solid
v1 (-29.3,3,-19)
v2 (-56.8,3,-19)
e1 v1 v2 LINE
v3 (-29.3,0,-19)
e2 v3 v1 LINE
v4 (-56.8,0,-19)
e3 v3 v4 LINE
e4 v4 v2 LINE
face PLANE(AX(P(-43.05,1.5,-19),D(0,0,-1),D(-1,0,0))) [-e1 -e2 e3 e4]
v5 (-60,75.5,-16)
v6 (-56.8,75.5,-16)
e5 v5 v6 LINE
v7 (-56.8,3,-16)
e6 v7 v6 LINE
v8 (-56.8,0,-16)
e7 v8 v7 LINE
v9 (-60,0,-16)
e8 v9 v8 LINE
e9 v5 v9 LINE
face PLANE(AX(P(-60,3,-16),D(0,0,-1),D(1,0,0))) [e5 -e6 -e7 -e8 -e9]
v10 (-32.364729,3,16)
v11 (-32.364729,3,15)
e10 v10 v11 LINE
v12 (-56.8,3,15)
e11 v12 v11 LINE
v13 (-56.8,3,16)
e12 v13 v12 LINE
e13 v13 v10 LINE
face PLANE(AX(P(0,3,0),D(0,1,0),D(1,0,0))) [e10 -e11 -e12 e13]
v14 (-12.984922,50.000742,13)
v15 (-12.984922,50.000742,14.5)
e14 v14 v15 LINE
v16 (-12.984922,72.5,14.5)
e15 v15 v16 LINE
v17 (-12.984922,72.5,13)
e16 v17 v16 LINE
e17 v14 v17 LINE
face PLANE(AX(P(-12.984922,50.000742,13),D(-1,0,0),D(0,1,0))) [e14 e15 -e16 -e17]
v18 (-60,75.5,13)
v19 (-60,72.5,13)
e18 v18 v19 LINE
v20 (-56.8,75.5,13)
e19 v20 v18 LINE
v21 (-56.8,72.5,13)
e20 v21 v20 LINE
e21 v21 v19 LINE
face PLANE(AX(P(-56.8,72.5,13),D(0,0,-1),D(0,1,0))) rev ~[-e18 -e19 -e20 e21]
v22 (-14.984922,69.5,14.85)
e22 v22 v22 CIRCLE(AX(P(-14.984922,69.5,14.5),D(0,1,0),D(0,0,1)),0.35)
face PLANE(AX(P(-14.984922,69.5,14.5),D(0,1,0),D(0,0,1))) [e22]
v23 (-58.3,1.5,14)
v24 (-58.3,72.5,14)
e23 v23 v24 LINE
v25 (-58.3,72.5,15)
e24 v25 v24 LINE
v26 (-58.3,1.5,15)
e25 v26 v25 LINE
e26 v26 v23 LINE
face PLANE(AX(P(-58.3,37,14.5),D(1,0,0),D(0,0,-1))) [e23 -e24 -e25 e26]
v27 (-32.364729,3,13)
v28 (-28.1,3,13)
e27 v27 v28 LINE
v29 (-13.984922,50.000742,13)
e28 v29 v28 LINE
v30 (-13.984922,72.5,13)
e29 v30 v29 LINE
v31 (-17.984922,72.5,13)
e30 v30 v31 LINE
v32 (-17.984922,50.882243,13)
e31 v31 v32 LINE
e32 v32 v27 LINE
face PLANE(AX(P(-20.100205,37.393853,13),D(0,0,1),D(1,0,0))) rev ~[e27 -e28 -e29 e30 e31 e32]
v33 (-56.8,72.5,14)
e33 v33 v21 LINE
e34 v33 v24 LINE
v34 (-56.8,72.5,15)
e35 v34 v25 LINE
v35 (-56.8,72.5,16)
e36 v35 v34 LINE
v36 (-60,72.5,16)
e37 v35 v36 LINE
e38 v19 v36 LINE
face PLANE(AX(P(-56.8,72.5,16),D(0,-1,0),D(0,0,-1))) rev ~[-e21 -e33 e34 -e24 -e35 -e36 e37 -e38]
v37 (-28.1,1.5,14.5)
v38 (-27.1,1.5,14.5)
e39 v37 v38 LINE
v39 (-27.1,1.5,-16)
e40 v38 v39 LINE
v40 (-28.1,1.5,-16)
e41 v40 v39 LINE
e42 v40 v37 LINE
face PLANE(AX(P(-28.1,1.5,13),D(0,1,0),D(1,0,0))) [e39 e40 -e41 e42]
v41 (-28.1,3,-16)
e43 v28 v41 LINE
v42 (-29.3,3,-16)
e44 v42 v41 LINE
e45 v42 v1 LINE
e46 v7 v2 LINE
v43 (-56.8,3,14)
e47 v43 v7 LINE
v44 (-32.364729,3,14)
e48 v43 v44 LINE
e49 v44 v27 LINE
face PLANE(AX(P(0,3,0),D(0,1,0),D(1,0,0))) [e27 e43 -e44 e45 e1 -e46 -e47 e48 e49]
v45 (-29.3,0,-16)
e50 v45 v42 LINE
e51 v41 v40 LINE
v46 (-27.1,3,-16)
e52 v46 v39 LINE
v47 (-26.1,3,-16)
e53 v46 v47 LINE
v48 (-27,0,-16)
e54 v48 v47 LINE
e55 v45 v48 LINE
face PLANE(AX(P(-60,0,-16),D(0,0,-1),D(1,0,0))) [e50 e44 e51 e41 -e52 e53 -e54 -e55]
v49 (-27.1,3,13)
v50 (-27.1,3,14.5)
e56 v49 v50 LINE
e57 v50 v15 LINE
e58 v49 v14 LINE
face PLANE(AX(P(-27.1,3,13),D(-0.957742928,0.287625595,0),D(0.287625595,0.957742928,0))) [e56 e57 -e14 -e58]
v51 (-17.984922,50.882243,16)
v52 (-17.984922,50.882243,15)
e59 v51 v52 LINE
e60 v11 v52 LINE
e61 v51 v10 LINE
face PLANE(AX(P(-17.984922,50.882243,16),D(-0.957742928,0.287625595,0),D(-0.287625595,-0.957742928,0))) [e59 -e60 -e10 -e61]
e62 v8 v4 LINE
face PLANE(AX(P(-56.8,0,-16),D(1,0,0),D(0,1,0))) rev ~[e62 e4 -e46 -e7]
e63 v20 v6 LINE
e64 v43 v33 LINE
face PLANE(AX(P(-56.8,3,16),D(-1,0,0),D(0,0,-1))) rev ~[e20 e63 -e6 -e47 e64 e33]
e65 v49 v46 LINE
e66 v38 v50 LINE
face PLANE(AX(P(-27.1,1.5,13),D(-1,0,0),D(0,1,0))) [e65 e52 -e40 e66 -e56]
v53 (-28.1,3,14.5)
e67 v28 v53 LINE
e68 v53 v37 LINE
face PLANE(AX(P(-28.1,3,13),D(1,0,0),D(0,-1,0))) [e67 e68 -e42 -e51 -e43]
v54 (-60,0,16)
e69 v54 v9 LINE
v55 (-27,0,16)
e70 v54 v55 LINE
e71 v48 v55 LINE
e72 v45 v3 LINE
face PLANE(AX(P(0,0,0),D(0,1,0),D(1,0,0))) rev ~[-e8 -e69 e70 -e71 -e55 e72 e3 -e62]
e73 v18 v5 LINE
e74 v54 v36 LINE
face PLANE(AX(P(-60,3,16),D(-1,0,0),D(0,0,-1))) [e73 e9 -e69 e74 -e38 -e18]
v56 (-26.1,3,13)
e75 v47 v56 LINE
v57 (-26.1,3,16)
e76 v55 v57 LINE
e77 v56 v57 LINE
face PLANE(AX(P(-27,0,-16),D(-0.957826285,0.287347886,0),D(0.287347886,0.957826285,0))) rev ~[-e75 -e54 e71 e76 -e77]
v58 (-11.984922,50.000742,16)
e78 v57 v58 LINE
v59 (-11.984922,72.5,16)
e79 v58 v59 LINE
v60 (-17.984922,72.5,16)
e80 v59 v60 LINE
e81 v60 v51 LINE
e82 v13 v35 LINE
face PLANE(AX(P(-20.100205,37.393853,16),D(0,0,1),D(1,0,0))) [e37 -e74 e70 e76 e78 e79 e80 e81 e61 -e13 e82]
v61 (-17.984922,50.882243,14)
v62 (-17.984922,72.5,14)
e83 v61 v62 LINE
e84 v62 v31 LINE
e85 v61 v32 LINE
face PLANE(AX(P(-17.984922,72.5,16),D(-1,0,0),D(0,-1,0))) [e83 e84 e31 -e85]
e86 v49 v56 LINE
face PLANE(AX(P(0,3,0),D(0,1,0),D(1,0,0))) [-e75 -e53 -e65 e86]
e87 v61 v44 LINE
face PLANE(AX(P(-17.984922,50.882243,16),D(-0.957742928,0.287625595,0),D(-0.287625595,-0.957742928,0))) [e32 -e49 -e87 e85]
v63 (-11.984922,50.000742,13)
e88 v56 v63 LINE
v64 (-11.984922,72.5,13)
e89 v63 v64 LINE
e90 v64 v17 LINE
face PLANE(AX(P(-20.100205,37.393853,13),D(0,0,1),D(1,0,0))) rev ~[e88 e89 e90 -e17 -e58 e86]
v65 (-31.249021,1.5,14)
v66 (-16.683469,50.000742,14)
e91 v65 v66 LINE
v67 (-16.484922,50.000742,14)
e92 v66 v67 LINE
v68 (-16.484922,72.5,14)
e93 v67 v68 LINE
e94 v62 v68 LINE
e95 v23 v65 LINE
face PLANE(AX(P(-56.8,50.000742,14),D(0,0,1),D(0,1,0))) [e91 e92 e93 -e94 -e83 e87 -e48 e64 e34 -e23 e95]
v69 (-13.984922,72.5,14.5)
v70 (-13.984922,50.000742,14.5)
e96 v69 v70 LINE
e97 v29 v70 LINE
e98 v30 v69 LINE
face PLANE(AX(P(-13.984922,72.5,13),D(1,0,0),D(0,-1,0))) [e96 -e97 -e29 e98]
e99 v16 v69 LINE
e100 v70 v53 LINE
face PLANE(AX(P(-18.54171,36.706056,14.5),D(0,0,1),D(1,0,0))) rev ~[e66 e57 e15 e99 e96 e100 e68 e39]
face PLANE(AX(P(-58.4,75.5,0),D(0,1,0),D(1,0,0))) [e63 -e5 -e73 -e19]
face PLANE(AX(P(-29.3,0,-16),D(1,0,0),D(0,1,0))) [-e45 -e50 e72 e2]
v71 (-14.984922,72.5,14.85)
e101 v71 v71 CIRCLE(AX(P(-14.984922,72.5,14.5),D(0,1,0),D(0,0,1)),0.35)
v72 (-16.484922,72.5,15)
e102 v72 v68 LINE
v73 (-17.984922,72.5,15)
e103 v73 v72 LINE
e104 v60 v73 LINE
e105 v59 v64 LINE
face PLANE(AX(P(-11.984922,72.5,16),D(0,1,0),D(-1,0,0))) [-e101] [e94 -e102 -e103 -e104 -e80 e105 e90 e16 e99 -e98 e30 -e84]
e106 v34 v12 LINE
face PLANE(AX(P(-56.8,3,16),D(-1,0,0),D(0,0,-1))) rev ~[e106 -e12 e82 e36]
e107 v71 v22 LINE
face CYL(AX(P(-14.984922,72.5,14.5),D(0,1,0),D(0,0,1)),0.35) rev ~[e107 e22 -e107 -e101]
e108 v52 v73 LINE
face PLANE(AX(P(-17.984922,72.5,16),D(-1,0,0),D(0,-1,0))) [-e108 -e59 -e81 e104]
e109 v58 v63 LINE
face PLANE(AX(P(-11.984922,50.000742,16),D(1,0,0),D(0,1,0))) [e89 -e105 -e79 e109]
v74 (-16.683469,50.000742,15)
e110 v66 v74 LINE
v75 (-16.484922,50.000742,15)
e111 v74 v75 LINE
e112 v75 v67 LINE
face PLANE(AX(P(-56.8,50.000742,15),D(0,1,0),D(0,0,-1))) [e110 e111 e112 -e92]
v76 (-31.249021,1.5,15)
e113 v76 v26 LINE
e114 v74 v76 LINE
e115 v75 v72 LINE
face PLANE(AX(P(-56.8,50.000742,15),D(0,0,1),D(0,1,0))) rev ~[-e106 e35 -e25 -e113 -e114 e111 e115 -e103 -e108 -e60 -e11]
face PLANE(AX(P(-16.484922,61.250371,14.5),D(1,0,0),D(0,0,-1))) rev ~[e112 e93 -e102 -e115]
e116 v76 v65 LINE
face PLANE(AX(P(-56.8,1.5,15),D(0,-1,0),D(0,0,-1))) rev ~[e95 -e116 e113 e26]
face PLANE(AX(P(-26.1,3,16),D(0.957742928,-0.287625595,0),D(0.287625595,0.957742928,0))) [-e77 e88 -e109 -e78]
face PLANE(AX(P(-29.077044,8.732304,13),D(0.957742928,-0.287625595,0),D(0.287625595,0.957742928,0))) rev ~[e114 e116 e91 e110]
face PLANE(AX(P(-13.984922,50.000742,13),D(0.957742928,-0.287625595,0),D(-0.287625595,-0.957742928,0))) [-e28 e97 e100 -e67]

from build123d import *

# Parameters (mm, degrees)
SKETCH_1_W          = 120
SKETCH_1_H          = 32
EXTRUDE_1_DEPTH     = 3
CUT_EXTRUDE_1_DEPTH = 69.066144301
SKETCH_2_3_W        = 27.5
SKETCH_2_3_H        = 3
EXTRUDE_2_DEPTH     = 3
SKETCH_3_W          = 3.2
SKETCH_3_H          = 32
EXTRUDE_3_DEPTH     = 72.5
EXTRUDE_4_DEPTH     = 3
SKETCH_5_W          = 3
SKETCH_5_H          = 3
CUT_EXTRUDE_2_DEPTH = 90.831181838
SKETCH_6_W          = 24.435270894
SKETCH_6_H          = 1
SKETCH_6_W_2        = 1
SKETCH_6_H_2        = 29
CUT_EXTRUDE_3_DEPTH = 1.5
SKETCH_7_W          = 1
SKETCH_7_H          = 71
CUT_EXTRUDE_4_DEPTH = 1.5
CUT_EXTRUDE_6_REACH = 91.831
SKETCH_7_5_W        = 1
SKETCH_7_5_H        = 22.499258378
CUT_EXTRUDE_7_DEPTH = 40.31507816
CUT_EXTRUDE_8_DEPTH = 1.5
SKETCH_10_R         = 0.35
CUT_EXTRUDE_9_DEPTH = 3


with BuildPart() as part:
    # 草图1 → 凸台-拉伸1 (new body)
    with BuildSketch(Plane(origin=(0, 0, 0), x_dir=(1, 0, 0), z_dir=(0, 1, 0))):
        Rectangle(SKETCH_1_W, SKETCH_1_H)
    extrude(amount=EXTRUDE_1_DEPTH)

    # 草图2 → 切除-拉伸1 (cut, through all)
    with BuildSketch(Plane(origin=(0, 0, -16), x_dir=(-1, 0, 0), z_dir=(0, 0, -1))):
        Polygon((-60, 0), (27, 0), (26.1, 3), (-60, 3), align=None)
    extrude(amount=-CUT_EXTRUDE_1_DEPTH, mode=Mode.SUBTRACT)

    # 草图2<3> → 凸台-拉伸2 (add)
    with BuildSketch(Plane(origin=(0, 0, -16), x_dir=(-1, 0, 0), z_dir=(0, 0, -1))):
        with Locations((43.05, 1.5)):
            Rectangle(SKETCH_2_3_W, SKETCH_2_3_H)
    extrude(amount=EXTRUDE_2_DEPTH)

    # 草图3 → 凸台-拉伸3 (add)
    with BuildSketch(Plane(origin=(0, 3, 0), x_dir=(1, 0, 0), z_dir=(0, 1, 0))):
        with Locations((-58.4, 0)):
            Rectangle(SKETCH_3_W, SKETCH_3_H)
    extrude(amount=EXTRUDE_3_DEPTH)

    # 草图4 → 凸台-拉伸4 (add)
    with BuildSketch(Plane.XY.offset(16)):
        Polygon((-11.98492184, 50.000741622), (-11.98492184, 72.5), (-17.98492184, 72.5), (-17.98492184, 50.882243247), (-32.364729106, 3), (-26.1, 3), align=None)
    extrude(amount=-EXTRUDE_4_DEPTH)

    # 草图5 → 切除-拉伸2 (cut, through all)
    with BuildSketch(Plane(origin=(-56.8, 0, 0), x_dir=(0, 0, -1), z_dir=(1, 0, 0))):
        with Locations((-14.5, 74)):
            Rectangle(SKETCH_5_W, SKETCH_5_H)
    extrude(amount=-CUT_EXTRUDE_2_DEPTH, mode=Mode.SUBTRACT)

    # 草图6 → 切除-拉伸3 (cut)
    with BuildSketch(Plane(origin=(0, 3, 0), x_dir=(1, 0, 0), z_dir=(0, 1, 0))):
        with Locations((-44.582364553, -14.5)):
            Rectangle(SKETCH_6_W, SKETCH_6_H)
        with Locations((-27.6, 1.5)):
            Rectangle(SKETCH_6_W_2, SKETCH_6_H_2)
    extrude(amount=-CUT_EXTRUDE_3_DEPTH, mode=Mode.SUBTRACT)

    # 草图7 → 切除-拉伸4 (cut)
    with BuildSketch(Plane(origin=(-56.8, 0, 0), x_dir=(0, 0, -1), z_dir=(1, 0, 0))):
        with Locations((-14.5, 37)):
            Rectangle(SKETCH_7_W, SKETCH_7_H)
    extrude(amount=-CUT_EXTRUDE_4_DEPTH, mode=Mode.SUBTRACT)

    # 切除-拉伸6: up to this plane
    cut_extrude_6_end = Plane(origin=(-29.077043909, 8.732303646, 13), z_dir=(0.9577429283961915, -0.2876255953615531, 0))
    # 草图7<4> → 切除-拉伸6 (cut, up to the surface)
    with BuildSketch(Plane(origin=(-56.8, 0, 0), x_dir=(0, 0, -1), z_dir=(1, 0, 0)), mode=Mode.PRIVATE) as cut_extrude_6_sk1:
        Polygon((-15, 3), (-15, 1.5), (-14, 1.5), (-14, 3), (-14, 50.000741622), (-15, 50.000741622), align=None)
    cut_extrude_6_tool1 = split(extrude(cut_extrude_6_sk1.sketch, amount=CUT_EXTRUDE_6_REACH, mode=Mode.PRIVATE), bisect_by=cut_extrude_6_end, keep=Keep.BOTH, mode=Mode.PRIVATE)
    add(cut_extrude_6_tool1.solids().sort_by_distance((-56.8, 25.750371, 14.5))[0], mode=Mode.SUBTRACT)

    # 草图7<5> → 切除-拉伸7 (cut)
    with BuildSketch(Plane(origin=(-56.8, 0, 0), x_dir=(0, 0, -1), z_dir=(1, 0, 0))):
        with Locations((-14.5, 61.250370811)):
            Rectangle(SKETCH_7_5_W, SKETCH_7_5_H)
    extrude(amount=CUT_EXTRUDE_7_DEPTH, mode=Mode.SUBTRACT)

    # 草图9 → 切除-拉伸8 (cut)
    with BuildSketch(Plane(origin=(0, 0, 13), x_dir=(-1, 0, 0), z_dir=(0, 0, -1))):
        Polygon((28.1, 1.5), (27.1, 1.5), (27.1, 3), (12.98492184, 50.000741622), (12.98492184, 72.5), (13.98492184, 72.5), (13.98492184, 50.000741622), (28.1, 3), align=None)
    extrude(amount=-CUT_EXTRUDE_8_DEPTH, mode=Mode.SUBTRACT)

    # 草图10 → 切除-拉伸9 (cut)
    with BuildSketch(Plane(origin=(0, 72.5, 0), x_dir=(1, 0, 0), z_dir=(0, 1, 0))):
        with Locations(Location((-14.98492184, -14.5, 0), (0, 0, 270))):
            Circle(SKETCH_10_R)
    extrude(amount=-CUT_EXTRUDE_9_DEPTH, mode=Mode.SUBTRACT)


solid = part.part
